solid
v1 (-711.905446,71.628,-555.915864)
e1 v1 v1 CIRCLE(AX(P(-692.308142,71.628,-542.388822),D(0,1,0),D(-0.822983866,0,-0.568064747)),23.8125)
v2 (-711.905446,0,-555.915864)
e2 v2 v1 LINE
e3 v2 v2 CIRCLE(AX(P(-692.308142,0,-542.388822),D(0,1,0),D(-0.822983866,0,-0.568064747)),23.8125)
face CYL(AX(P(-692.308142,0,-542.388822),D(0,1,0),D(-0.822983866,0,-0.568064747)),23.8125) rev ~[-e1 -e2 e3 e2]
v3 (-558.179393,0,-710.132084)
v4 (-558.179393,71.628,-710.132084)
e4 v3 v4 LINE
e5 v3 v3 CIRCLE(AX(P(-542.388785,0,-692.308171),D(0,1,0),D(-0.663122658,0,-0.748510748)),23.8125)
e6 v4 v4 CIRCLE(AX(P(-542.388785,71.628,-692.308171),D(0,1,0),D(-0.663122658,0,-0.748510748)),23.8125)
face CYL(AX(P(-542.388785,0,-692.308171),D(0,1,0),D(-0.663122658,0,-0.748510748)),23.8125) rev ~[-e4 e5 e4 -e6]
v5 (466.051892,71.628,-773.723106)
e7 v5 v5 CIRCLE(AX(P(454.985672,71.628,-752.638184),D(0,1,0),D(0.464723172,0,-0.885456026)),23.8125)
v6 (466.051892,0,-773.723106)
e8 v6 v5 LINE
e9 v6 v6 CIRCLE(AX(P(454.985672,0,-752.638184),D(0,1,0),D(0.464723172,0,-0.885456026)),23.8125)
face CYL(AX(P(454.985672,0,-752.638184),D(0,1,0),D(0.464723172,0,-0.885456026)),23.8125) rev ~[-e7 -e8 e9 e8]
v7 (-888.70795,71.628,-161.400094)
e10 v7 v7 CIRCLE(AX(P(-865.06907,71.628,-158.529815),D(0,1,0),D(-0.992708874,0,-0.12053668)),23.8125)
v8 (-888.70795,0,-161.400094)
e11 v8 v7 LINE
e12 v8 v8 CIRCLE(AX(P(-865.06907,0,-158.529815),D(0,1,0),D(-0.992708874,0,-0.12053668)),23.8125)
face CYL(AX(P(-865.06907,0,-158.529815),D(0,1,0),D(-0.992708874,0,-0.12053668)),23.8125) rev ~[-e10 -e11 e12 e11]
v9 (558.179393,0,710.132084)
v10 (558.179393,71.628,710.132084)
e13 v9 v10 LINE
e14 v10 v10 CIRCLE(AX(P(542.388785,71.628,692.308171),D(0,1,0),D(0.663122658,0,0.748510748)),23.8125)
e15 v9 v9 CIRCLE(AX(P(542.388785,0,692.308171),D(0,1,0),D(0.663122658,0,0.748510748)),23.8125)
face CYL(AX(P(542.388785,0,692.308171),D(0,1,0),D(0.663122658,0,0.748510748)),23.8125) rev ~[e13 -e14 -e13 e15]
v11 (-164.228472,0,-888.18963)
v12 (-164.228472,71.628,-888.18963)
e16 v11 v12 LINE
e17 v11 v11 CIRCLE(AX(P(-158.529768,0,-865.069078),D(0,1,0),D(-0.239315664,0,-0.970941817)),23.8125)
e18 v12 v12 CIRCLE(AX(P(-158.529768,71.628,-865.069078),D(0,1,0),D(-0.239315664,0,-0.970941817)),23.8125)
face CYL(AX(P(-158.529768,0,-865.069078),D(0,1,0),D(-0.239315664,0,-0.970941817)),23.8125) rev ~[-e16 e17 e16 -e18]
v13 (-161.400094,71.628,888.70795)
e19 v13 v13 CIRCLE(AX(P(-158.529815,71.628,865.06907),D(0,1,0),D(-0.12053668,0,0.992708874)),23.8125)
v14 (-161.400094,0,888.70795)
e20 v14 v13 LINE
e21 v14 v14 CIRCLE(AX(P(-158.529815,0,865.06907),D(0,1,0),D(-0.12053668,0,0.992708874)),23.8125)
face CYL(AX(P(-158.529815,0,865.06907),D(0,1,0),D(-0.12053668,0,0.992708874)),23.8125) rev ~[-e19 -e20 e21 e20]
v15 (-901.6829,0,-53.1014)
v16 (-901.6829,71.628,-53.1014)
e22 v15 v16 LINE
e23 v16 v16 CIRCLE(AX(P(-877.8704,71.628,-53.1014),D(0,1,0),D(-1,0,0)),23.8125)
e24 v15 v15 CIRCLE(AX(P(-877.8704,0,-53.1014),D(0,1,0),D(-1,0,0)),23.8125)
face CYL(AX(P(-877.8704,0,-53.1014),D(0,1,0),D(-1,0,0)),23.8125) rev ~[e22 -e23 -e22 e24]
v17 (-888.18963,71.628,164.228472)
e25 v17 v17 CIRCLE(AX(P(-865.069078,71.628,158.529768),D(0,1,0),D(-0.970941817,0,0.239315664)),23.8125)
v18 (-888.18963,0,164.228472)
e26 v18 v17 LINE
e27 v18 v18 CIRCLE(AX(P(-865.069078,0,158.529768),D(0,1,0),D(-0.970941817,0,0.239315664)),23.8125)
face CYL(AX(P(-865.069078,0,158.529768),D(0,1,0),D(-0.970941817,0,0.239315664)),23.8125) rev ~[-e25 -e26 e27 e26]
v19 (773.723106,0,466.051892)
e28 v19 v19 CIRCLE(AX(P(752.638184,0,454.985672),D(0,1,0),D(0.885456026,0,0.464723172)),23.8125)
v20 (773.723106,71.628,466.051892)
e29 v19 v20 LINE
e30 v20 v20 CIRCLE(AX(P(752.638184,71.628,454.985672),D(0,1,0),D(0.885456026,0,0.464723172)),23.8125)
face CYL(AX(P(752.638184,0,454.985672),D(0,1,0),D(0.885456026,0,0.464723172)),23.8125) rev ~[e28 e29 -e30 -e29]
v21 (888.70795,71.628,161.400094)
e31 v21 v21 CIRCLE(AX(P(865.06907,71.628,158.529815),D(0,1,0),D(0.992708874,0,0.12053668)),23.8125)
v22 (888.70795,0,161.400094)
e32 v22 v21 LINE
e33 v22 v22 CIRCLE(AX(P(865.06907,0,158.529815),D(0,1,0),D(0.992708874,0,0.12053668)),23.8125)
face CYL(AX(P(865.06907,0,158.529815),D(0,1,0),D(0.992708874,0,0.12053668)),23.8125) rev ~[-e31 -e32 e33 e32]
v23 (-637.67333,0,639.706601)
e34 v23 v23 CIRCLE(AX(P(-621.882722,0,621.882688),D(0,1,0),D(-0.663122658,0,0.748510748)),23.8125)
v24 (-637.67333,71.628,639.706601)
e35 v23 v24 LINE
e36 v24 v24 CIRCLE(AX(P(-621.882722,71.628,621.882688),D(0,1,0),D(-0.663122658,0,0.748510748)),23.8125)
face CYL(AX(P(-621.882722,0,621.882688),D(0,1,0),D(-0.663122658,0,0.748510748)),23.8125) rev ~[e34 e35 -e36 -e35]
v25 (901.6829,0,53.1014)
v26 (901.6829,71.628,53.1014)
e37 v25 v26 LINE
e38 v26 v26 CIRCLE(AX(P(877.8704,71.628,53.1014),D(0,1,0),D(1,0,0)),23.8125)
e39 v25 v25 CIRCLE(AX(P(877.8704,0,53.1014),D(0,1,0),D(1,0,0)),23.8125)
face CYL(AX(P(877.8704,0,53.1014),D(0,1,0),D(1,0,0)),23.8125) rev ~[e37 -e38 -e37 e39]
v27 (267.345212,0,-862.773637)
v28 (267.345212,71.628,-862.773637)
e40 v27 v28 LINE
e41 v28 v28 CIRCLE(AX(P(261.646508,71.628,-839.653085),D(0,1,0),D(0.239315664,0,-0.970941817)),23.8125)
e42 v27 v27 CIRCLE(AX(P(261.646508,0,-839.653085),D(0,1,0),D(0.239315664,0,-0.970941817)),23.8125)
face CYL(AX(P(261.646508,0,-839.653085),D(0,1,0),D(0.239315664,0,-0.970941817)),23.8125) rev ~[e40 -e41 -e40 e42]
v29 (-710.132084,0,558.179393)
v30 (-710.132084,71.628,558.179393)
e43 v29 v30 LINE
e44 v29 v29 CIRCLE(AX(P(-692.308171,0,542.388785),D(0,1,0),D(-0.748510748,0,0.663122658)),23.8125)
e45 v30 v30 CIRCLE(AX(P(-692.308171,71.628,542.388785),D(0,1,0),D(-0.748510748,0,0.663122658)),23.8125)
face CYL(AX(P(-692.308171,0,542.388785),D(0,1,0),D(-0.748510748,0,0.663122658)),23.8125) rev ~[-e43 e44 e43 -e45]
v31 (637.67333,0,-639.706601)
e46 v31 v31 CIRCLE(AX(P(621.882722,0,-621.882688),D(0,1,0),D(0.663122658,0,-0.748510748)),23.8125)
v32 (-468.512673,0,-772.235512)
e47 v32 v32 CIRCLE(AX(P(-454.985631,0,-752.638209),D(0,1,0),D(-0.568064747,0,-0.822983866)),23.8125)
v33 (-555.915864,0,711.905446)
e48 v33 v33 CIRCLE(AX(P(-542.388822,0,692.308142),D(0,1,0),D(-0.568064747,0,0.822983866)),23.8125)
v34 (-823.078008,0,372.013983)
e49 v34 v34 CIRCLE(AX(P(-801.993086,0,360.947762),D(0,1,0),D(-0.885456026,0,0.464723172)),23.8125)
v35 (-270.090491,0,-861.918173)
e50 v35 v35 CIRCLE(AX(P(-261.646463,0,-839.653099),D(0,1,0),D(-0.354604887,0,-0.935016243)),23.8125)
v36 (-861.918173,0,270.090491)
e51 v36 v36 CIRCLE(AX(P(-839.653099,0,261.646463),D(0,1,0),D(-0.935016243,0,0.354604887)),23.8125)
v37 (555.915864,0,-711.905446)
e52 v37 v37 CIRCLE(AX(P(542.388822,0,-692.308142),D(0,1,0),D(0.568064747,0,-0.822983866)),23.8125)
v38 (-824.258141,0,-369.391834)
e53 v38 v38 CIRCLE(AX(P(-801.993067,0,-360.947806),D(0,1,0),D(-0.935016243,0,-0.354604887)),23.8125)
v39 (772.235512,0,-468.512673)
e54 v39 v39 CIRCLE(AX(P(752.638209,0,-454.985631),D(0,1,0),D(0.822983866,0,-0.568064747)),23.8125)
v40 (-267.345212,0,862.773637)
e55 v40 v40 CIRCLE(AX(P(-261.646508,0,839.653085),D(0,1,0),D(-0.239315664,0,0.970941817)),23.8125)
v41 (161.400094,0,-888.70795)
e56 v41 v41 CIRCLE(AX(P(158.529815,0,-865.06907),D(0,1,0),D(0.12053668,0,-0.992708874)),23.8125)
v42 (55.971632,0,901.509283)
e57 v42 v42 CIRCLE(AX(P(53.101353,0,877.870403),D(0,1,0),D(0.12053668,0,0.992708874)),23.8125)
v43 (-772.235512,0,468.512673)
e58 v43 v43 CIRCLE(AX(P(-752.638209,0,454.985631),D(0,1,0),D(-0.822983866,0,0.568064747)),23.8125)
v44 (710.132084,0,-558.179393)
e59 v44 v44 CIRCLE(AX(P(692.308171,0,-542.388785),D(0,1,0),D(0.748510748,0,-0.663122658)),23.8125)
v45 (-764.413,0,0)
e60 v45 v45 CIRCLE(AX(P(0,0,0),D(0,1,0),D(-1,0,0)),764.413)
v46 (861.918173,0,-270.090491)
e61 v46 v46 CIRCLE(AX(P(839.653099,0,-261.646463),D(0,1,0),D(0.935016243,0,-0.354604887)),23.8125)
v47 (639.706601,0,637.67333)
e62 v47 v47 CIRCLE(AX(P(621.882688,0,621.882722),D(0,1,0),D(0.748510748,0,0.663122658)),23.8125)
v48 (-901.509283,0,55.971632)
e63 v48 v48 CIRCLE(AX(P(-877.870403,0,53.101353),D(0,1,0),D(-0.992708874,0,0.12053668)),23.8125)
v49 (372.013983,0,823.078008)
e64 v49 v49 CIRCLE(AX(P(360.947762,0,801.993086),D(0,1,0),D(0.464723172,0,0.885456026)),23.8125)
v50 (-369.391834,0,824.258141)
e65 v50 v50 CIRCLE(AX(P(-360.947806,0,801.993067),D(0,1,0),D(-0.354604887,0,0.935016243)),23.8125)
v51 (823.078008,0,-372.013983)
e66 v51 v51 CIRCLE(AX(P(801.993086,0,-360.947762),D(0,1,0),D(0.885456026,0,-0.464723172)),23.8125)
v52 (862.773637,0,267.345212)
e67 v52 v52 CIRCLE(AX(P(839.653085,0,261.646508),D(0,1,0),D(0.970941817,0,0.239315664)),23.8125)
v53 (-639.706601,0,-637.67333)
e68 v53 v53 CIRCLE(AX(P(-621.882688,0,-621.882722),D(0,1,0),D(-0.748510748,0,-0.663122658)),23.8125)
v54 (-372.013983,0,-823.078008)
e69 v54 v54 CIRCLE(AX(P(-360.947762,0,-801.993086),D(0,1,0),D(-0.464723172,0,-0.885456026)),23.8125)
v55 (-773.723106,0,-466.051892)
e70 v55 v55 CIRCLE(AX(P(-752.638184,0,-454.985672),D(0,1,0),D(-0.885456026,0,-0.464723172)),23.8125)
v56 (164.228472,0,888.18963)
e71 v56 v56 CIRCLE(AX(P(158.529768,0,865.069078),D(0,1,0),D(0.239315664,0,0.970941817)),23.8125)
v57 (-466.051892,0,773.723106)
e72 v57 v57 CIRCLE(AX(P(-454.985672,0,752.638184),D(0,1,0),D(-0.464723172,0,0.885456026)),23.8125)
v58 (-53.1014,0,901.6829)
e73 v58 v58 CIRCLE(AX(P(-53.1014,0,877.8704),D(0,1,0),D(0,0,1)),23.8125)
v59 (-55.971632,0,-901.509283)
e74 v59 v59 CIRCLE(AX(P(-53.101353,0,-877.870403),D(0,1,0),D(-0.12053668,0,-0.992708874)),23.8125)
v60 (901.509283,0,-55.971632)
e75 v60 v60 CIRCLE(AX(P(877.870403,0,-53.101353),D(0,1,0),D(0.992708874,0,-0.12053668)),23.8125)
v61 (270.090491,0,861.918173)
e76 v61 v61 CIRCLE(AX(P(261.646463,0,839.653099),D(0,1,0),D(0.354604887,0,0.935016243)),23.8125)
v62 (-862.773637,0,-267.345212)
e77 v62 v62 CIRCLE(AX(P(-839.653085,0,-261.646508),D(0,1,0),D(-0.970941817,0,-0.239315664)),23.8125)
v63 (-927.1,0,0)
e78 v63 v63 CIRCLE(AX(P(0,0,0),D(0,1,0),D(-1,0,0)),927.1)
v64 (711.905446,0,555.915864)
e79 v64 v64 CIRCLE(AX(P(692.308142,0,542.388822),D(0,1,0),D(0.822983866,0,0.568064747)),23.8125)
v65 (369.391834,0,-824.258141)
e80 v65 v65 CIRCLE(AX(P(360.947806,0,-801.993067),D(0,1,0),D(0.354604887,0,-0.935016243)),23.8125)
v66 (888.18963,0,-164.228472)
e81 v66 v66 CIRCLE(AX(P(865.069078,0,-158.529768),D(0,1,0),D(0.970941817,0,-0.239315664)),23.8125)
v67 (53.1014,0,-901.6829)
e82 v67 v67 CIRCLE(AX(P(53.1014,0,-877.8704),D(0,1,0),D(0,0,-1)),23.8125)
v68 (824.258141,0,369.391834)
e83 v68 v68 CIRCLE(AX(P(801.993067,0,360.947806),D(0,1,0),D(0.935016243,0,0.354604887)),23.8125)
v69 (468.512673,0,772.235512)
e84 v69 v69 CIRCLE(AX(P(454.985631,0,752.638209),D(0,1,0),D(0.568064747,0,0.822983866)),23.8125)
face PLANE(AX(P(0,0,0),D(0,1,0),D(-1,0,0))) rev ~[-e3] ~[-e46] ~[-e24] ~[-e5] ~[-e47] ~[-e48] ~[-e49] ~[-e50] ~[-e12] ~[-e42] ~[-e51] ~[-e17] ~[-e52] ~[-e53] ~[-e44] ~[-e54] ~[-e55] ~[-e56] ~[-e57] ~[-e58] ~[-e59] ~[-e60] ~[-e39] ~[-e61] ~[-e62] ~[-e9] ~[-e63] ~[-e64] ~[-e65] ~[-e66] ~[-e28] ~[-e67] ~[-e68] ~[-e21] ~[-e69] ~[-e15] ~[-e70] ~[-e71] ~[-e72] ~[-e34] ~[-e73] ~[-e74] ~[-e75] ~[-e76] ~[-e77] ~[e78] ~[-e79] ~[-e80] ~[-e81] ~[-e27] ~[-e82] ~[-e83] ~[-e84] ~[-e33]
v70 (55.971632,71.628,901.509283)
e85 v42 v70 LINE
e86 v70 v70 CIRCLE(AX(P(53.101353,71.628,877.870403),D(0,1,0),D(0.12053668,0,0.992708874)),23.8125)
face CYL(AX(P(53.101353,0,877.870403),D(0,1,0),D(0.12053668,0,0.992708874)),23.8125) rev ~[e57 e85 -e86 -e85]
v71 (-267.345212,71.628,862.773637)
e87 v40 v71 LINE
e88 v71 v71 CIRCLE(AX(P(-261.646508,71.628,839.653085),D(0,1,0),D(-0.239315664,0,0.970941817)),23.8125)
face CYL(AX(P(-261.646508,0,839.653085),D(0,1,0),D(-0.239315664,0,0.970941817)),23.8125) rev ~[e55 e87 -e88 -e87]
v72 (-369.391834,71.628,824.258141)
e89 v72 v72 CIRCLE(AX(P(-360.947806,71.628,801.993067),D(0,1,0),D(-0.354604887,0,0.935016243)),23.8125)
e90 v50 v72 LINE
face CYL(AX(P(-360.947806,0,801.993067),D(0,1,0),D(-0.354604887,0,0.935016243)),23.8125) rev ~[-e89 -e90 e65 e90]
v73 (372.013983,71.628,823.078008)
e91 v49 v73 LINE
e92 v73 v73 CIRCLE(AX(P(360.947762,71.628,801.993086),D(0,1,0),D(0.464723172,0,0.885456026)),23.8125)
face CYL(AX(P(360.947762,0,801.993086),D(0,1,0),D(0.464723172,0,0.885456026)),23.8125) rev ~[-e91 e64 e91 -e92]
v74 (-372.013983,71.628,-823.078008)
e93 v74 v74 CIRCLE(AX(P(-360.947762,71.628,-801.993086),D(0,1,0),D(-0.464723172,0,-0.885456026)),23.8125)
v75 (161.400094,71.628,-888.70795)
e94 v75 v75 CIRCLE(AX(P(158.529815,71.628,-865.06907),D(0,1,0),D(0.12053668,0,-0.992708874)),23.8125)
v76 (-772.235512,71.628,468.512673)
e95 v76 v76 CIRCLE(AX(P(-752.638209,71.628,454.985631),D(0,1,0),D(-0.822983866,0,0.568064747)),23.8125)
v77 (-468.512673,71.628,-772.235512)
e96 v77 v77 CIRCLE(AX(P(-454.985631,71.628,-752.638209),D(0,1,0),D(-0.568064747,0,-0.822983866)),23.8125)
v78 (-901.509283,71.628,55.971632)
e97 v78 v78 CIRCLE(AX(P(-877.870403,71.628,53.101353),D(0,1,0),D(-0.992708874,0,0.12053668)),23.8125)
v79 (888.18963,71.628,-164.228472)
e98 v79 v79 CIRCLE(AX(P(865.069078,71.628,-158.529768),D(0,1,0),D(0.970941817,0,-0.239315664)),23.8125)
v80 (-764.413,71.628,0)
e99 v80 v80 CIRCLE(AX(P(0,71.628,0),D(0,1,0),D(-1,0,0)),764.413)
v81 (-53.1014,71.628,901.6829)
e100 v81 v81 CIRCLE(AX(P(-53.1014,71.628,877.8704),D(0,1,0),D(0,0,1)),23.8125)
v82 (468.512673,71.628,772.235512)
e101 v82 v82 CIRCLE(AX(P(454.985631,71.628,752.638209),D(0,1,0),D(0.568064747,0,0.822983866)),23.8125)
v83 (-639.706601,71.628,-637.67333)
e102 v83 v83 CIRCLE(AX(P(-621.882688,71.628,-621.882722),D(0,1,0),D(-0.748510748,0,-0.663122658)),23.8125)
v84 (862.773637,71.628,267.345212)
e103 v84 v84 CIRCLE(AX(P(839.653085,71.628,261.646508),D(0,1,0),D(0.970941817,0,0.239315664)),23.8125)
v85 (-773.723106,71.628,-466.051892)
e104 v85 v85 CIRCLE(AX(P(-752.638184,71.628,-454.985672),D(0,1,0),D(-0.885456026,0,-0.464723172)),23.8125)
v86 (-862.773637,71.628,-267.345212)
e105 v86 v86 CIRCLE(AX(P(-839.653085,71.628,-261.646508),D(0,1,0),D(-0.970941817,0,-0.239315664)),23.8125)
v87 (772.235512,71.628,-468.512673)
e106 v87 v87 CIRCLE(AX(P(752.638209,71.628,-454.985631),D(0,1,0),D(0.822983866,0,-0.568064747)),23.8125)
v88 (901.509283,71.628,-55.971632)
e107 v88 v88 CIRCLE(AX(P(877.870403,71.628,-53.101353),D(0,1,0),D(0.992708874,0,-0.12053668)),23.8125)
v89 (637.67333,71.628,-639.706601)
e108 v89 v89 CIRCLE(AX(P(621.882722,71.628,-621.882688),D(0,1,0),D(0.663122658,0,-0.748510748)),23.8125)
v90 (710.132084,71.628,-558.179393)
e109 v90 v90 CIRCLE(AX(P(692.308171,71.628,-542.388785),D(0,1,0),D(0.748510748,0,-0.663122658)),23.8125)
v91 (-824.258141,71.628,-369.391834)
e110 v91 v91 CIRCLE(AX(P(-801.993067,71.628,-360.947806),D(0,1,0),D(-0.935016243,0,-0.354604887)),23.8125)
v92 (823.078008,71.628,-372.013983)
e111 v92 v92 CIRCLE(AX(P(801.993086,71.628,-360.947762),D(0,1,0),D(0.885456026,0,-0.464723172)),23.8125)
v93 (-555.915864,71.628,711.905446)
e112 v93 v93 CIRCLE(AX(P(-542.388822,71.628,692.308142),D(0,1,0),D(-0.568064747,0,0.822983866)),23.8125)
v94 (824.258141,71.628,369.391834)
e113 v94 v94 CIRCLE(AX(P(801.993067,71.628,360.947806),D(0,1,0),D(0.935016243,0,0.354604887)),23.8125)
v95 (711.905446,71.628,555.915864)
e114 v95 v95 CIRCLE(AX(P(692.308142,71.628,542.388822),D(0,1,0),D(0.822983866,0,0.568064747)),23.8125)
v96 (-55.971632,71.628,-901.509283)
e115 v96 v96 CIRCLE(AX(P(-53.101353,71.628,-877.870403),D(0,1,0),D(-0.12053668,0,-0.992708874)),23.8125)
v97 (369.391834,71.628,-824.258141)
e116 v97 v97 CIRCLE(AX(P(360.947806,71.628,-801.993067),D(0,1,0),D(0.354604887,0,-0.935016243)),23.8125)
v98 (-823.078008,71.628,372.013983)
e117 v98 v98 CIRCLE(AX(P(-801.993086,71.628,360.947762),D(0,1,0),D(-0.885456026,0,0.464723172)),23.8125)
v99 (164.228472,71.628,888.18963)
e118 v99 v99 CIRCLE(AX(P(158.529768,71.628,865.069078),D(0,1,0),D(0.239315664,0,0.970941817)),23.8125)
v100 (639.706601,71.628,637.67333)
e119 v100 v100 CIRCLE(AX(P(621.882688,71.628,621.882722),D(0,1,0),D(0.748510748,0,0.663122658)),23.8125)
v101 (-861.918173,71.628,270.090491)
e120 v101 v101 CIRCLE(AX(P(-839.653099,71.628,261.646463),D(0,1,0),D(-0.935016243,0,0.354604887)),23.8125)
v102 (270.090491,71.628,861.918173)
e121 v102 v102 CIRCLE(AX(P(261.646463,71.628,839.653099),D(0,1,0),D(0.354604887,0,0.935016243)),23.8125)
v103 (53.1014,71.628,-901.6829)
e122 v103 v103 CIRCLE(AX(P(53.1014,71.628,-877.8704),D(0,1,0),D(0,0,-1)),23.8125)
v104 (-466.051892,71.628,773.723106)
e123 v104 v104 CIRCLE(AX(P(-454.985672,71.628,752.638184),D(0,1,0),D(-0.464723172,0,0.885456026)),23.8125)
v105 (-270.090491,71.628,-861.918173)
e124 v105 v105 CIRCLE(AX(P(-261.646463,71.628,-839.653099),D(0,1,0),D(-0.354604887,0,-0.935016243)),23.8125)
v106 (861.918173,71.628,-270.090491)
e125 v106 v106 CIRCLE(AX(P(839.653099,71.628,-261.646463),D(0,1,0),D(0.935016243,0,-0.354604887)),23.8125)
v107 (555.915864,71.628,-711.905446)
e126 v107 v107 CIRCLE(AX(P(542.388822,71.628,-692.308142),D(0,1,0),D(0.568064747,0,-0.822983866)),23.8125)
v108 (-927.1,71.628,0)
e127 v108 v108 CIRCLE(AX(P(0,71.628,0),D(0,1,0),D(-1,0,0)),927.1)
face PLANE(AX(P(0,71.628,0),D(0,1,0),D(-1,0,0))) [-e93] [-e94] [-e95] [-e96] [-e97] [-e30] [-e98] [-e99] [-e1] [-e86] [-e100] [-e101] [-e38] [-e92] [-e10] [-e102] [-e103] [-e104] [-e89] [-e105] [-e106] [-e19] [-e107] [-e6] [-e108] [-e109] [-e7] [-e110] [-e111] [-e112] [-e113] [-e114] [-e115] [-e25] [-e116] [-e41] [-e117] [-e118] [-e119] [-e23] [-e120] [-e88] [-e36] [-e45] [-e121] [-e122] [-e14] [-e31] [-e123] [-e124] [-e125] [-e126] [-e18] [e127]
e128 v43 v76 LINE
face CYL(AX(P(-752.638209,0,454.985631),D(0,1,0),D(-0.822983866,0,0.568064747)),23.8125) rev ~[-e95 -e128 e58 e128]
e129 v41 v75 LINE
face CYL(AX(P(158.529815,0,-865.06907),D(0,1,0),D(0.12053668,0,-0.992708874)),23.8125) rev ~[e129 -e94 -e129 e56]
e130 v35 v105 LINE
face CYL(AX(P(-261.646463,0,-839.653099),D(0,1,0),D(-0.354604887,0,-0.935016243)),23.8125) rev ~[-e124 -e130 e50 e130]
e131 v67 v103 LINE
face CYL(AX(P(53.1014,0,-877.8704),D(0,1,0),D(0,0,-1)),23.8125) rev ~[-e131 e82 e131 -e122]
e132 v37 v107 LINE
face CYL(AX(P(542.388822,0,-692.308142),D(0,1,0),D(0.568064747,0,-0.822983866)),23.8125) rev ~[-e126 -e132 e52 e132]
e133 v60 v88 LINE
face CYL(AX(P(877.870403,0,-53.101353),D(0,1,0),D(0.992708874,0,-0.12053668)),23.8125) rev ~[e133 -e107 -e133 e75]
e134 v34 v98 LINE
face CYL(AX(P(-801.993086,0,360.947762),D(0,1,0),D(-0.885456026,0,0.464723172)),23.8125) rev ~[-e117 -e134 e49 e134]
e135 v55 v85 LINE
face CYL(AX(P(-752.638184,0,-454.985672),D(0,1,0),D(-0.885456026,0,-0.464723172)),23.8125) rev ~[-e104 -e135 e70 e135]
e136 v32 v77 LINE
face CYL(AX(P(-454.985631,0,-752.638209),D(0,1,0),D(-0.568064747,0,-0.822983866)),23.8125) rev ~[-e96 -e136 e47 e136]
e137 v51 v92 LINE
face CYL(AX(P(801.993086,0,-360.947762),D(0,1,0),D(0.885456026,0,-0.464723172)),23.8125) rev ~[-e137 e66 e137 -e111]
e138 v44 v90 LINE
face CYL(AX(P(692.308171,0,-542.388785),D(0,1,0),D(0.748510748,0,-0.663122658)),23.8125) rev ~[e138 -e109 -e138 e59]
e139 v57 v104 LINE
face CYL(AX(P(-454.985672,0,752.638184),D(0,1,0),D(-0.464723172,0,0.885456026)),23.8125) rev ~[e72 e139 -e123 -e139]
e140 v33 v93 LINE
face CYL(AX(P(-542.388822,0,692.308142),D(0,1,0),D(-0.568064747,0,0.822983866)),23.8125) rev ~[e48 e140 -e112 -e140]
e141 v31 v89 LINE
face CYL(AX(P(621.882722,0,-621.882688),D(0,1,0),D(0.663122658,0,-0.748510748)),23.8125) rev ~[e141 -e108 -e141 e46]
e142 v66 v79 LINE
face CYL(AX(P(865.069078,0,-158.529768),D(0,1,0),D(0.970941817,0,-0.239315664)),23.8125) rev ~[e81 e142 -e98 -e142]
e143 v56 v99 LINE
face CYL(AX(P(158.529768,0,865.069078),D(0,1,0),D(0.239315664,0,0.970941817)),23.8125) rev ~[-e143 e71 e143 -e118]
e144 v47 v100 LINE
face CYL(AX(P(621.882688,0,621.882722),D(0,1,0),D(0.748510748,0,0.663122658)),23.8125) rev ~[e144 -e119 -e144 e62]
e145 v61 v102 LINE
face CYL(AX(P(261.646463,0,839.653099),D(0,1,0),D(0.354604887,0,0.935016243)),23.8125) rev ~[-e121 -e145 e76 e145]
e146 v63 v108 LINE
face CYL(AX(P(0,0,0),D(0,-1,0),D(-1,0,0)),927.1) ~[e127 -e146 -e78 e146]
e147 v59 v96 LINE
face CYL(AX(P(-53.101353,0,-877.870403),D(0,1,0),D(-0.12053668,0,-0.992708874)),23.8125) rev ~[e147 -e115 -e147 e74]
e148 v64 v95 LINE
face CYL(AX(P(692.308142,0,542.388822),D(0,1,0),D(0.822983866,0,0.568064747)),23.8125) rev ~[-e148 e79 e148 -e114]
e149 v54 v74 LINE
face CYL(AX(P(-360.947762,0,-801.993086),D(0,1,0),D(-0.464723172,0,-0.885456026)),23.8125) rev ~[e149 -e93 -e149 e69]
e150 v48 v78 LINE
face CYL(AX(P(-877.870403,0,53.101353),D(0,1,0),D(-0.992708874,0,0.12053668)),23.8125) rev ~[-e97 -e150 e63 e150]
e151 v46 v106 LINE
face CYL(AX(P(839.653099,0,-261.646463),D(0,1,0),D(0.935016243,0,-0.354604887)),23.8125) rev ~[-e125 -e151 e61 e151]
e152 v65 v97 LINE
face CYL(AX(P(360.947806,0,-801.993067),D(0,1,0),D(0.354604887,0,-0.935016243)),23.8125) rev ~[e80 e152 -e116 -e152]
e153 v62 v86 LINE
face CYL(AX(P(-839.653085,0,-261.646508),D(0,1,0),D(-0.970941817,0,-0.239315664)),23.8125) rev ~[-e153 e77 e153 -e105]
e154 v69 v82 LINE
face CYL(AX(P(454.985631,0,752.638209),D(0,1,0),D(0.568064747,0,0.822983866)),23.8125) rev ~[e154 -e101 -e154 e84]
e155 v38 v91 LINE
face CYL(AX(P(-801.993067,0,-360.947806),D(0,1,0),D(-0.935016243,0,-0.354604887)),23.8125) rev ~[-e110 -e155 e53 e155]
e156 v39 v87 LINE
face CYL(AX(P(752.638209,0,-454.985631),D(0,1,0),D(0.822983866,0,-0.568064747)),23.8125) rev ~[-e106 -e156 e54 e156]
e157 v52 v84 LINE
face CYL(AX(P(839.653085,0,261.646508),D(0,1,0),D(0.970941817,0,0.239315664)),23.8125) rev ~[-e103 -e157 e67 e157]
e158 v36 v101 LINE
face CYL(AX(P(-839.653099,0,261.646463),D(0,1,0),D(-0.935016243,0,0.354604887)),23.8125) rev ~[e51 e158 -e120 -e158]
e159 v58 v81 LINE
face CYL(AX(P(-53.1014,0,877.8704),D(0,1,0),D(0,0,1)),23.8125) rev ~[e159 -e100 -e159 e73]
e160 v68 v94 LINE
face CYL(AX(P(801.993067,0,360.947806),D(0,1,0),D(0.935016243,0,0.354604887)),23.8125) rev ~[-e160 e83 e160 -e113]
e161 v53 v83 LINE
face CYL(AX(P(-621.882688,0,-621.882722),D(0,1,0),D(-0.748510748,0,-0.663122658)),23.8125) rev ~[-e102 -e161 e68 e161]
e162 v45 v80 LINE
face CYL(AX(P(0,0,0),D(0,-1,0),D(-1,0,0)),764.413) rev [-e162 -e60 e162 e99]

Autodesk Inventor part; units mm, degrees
ref_plane "YZ Plane" through (0, 0, 0) normal (1, 0, 0) x (0, 1, 0)
ref_plane "XZ Plane" through (0, 0, 0) normal (0, 1, 0) x (-1, 0, 0)
ref_plane "XY Plane" through (0, 0, 0) normal (0, 0, 1) x (1, 0, 0)
sketch "Flange Sketch" plane through (0, 0, 0) normal (0, 1, 0) x (-1, 0, 0)
  circle A0 centre (0, 0) radius 927.1
  circle A1 centre (0, 0) radius 764.413
  circle A2 centre (0, 0) radius 879.475 construction
  line L0 (0, 0) -> (-53.1014, -877.8704) construction
  line L1 (0, 0) -> (0, -879.475) construction
  dimension "outerDiam" = 1854.2
  dimension "innerDiam" = 1528.826
  dimension "boltCircle" = 1758.95
  dimension "boltOffsetAngle" = 3.462
extrude "Flange Extrusion" add sketch "Flange Sketch" along normal blind 71.628
hole "Bolt Hole" at (53.1014, 0, -877.8704) direction (0, 1, 0) diameter 47.625 depth 71.628
pattern_circular "Bolt Hole Pattern" count 52 over 360 about axis through (0, -10, 0) along (0, 1, 0) of "Bolt Hole"
equation "\"nominalSize\" = 1524"
properties part number "AWWA C207-18 Class B Ring and Blind Flange"
